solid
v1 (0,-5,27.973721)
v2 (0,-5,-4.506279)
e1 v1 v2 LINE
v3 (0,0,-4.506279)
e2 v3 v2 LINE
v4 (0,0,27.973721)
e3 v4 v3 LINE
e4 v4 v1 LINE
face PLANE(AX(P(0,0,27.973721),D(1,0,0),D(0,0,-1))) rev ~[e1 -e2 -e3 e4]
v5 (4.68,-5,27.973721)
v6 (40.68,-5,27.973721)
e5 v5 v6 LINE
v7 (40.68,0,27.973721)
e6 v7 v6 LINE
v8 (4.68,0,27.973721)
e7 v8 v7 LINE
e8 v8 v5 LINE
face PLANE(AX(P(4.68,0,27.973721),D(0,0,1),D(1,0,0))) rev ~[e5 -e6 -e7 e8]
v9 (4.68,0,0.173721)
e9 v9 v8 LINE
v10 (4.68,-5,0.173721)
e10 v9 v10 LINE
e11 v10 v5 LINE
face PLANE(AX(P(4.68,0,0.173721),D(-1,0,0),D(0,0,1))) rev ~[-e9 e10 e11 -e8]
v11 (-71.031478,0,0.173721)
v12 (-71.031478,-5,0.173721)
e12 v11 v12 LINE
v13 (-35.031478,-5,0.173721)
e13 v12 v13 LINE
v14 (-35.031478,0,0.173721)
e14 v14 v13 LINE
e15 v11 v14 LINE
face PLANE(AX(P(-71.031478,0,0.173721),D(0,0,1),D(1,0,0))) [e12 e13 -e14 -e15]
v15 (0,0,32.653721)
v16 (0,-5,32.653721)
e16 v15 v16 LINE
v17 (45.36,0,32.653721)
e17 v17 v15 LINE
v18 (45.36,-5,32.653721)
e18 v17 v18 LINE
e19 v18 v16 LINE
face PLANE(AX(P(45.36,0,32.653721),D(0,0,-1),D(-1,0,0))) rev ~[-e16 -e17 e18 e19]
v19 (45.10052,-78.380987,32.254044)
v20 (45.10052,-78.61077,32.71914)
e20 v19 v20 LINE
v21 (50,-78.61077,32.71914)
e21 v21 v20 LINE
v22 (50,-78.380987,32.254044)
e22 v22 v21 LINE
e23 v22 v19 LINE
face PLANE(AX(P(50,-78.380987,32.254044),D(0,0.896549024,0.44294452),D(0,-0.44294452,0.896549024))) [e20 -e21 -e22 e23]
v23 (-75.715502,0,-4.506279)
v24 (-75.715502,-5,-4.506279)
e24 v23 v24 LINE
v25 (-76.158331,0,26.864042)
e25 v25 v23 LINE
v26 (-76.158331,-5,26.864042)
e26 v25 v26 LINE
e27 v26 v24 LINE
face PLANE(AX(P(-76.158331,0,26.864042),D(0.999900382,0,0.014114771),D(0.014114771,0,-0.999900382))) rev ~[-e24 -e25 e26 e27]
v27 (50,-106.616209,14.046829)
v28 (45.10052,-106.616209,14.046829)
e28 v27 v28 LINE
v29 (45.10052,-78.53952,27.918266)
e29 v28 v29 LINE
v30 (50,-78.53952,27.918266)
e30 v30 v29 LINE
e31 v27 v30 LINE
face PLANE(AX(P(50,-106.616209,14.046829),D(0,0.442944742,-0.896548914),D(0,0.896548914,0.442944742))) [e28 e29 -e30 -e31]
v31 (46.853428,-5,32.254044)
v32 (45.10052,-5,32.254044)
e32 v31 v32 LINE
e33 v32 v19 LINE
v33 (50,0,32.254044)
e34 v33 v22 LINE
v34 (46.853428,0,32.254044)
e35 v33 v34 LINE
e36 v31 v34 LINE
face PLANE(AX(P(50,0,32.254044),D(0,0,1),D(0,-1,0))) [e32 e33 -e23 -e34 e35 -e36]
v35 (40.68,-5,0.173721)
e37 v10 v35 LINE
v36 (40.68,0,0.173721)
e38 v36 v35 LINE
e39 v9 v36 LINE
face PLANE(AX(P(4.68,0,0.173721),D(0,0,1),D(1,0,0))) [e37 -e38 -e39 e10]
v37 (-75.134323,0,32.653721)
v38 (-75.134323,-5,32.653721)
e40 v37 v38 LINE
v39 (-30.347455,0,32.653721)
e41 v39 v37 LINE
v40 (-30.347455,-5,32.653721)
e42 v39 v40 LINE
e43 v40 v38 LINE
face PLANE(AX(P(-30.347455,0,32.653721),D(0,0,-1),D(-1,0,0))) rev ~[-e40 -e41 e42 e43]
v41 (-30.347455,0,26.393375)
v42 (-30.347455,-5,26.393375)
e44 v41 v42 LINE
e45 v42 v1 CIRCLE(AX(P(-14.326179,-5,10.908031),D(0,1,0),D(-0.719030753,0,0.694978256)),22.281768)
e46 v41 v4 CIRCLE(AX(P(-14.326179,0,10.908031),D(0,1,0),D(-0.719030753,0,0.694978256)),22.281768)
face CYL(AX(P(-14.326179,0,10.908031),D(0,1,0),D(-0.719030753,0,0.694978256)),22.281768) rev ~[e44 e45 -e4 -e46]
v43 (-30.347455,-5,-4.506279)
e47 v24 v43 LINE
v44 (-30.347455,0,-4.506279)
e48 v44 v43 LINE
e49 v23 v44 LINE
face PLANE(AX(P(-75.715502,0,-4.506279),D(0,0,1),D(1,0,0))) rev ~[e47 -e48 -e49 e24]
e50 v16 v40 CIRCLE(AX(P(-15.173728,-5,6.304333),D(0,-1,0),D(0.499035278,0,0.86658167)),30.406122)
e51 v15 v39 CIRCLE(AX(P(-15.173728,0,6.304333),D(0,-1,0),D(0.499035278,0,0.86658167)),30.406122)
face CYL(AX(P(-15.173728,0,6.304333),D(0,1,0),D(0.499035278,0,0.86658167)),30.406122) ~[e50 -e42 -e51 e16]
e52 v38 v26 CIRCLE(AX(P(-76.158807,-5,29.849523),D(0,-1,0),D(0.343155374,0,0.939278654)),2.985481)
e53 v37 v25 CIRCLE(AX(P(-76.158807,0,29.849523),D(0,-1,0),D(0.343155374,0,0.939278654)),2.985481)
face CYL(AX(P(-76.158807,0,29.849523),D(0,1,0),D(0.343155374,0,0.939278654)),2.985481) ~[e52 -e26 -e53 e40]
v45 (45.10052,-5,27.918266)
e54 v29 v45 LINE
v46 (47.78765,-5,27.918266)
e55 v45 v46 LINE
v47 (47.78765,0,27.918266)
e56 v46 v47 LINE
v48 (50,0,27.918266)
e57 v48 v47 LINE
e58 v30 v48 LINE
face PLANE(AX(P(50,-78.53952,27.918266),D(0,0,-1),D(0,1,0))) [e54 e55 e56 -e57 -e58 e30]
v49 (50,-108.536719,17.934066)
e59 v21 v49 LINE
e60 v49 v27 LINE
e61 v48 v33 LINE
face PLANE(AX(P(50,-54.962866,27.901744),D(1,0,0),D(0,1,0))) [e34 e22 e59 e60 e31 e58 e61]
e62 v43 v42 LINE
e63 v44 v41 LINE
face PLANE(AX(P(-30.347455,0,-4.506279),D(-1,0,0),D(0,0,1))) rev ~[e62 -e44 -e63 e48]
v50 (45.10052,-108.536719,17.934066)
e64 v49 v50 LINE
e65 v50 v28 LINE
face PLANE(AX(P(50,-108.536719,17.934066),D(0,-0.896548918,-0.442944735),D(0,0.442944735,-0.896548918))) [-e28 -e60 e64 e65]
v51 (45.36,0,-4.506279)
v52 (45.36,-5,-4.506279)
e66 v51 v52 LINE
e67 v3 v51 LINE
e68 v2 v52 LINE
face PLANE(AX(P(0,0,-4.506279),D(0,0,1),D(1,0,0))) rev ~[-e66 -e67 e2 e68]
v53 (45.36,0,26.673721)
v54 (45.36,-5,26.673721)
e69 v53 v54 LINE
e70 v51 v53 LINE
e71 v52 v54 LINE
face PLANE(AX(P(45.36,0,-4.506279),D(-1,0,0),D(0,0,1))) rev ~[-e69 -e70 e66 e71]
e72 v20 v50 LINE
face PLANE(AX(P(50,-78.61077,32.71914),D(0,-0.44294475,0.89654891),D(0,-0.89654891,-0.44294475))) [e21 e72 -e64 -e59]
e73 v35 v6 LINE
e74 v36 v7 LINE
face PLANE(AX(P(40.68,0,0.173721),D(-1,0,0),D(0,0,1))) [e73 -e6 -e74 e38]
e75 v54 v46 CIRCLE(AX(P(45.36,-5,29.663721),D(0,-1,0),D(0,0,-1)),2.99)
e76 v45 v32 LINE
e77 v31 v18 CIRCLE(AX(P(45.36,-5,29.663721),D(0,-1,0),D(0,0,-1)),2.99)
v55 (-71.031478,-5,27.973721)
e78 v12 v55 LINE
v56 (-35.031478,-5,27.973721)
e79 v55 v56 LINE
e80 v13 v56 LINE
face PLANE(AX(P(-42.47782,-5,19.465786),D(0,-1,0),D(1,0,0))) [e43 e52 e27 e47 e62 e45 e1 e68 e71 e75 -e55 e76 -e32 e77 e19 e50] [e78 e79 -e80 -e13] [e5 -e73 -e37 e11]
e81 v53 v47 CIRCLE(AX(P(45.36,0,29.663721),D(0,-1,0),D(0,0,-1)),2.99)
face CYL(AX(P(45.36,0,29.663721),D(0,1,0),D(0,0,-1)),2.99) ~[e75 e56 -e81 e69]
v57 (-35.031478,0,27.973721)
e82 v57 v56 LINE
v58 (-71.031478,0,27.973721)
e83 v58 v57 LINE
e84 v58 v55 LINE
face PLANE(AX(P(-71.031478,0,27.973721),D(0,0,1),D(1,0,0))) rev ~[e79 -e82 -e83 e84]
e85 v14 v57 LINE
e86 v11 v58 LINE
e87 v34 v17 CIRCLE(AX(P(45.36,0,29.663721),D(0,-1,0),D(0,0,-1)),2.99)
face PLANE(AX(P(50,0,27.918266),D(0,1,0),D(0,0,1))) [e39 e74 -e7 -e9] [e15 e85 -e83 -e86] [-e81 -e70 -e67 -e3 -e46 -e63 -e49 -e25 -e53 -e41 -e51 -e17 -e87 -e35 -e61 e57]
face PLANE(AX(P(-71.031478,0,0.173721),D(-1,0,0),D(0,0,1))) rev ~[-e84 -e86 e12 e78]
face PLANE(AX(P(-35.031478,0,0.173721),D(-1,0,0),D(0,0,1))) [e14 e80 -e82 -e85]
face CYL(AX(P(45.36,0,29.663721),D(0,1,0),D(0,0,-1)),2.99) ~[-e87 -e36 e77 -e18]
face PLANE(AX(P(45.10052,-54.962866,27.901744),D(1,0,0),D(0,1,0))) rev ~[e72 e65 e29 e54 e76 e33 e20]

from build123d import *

# Parameters (mm, degrees)
F0_W     = 36
F0_H     = 27.8
F1_DEPTH = 5
F4_DEPTH = 4.89948


with BuildPart() as f1:
    # F0 (on Front) → F1 (new body)
    with BuildSketch(Plane.XZ):
        with BuildLine():
            Line((-30.347455, 32.653721), (-75.134323, 32.653721))
            ThreePointArc((-75.134323, 32.653721), (-79.098659, 30.369488), (-76.158331, 26.864042))
            Line((-76.158331, 26.864042), (-75.715502, -4.506279))
            Line((-75.715502, -4.506279), (-30.347455, -4.506279))
            Line((-30.347455, -4.506279), (-30.347455, 26.393375))
            ThreePointArc((-30.347455, 26.393375), (-15.484933, 33.159648), (0, 27.973721))
            Line((0, 27.973721), (0, 32.653721))
            ThreePointArc((0, 32.653721), (-15.173727, 36.710455), (-30.347455, 32.653721))
        make_face()
        with Locations((-53.031478, 14.073721)):
            Rectangle(F0_W, F0_H, mode=Mode.SUBTRACT)
        with BuildLine():
            Line((45.36, 32.653721), (0, 32.653721))
            Line((0, 32.653721), (0, 27.973721))
            Line((0, 27.973721), (0, -4.506279))
            Line((0, -4.506279), (45.36, -4.506279))
            Line((45.36, -4.506279), (45.36, 26.673721))
            ThreePointArc((45.36, 26.673721), (48.35, 29.663721), (45.36, 32.653721))
        make_face()
        with Locations((22.68, 14.073721)):
            Rectangle(F0_W, F0_H, mode=Mode.SUBTRACT)
    extrude(amount=F1_DEPTH)

    # F3 (on offset) → F4 (join)
    with BuildSketch(Plane.YZ.offset(50)):
        Polygon((0, 27.918266), (0, 32.254044), (-78.380987, 32.254044), (-78.61077, 32.71914), (-108.536719, 17.934066), (-106.616209, 14.046829), (-78.53952, 27.918266), align=None)
    extrude(amount=-F4_DEPTH)


solid = f1.part
